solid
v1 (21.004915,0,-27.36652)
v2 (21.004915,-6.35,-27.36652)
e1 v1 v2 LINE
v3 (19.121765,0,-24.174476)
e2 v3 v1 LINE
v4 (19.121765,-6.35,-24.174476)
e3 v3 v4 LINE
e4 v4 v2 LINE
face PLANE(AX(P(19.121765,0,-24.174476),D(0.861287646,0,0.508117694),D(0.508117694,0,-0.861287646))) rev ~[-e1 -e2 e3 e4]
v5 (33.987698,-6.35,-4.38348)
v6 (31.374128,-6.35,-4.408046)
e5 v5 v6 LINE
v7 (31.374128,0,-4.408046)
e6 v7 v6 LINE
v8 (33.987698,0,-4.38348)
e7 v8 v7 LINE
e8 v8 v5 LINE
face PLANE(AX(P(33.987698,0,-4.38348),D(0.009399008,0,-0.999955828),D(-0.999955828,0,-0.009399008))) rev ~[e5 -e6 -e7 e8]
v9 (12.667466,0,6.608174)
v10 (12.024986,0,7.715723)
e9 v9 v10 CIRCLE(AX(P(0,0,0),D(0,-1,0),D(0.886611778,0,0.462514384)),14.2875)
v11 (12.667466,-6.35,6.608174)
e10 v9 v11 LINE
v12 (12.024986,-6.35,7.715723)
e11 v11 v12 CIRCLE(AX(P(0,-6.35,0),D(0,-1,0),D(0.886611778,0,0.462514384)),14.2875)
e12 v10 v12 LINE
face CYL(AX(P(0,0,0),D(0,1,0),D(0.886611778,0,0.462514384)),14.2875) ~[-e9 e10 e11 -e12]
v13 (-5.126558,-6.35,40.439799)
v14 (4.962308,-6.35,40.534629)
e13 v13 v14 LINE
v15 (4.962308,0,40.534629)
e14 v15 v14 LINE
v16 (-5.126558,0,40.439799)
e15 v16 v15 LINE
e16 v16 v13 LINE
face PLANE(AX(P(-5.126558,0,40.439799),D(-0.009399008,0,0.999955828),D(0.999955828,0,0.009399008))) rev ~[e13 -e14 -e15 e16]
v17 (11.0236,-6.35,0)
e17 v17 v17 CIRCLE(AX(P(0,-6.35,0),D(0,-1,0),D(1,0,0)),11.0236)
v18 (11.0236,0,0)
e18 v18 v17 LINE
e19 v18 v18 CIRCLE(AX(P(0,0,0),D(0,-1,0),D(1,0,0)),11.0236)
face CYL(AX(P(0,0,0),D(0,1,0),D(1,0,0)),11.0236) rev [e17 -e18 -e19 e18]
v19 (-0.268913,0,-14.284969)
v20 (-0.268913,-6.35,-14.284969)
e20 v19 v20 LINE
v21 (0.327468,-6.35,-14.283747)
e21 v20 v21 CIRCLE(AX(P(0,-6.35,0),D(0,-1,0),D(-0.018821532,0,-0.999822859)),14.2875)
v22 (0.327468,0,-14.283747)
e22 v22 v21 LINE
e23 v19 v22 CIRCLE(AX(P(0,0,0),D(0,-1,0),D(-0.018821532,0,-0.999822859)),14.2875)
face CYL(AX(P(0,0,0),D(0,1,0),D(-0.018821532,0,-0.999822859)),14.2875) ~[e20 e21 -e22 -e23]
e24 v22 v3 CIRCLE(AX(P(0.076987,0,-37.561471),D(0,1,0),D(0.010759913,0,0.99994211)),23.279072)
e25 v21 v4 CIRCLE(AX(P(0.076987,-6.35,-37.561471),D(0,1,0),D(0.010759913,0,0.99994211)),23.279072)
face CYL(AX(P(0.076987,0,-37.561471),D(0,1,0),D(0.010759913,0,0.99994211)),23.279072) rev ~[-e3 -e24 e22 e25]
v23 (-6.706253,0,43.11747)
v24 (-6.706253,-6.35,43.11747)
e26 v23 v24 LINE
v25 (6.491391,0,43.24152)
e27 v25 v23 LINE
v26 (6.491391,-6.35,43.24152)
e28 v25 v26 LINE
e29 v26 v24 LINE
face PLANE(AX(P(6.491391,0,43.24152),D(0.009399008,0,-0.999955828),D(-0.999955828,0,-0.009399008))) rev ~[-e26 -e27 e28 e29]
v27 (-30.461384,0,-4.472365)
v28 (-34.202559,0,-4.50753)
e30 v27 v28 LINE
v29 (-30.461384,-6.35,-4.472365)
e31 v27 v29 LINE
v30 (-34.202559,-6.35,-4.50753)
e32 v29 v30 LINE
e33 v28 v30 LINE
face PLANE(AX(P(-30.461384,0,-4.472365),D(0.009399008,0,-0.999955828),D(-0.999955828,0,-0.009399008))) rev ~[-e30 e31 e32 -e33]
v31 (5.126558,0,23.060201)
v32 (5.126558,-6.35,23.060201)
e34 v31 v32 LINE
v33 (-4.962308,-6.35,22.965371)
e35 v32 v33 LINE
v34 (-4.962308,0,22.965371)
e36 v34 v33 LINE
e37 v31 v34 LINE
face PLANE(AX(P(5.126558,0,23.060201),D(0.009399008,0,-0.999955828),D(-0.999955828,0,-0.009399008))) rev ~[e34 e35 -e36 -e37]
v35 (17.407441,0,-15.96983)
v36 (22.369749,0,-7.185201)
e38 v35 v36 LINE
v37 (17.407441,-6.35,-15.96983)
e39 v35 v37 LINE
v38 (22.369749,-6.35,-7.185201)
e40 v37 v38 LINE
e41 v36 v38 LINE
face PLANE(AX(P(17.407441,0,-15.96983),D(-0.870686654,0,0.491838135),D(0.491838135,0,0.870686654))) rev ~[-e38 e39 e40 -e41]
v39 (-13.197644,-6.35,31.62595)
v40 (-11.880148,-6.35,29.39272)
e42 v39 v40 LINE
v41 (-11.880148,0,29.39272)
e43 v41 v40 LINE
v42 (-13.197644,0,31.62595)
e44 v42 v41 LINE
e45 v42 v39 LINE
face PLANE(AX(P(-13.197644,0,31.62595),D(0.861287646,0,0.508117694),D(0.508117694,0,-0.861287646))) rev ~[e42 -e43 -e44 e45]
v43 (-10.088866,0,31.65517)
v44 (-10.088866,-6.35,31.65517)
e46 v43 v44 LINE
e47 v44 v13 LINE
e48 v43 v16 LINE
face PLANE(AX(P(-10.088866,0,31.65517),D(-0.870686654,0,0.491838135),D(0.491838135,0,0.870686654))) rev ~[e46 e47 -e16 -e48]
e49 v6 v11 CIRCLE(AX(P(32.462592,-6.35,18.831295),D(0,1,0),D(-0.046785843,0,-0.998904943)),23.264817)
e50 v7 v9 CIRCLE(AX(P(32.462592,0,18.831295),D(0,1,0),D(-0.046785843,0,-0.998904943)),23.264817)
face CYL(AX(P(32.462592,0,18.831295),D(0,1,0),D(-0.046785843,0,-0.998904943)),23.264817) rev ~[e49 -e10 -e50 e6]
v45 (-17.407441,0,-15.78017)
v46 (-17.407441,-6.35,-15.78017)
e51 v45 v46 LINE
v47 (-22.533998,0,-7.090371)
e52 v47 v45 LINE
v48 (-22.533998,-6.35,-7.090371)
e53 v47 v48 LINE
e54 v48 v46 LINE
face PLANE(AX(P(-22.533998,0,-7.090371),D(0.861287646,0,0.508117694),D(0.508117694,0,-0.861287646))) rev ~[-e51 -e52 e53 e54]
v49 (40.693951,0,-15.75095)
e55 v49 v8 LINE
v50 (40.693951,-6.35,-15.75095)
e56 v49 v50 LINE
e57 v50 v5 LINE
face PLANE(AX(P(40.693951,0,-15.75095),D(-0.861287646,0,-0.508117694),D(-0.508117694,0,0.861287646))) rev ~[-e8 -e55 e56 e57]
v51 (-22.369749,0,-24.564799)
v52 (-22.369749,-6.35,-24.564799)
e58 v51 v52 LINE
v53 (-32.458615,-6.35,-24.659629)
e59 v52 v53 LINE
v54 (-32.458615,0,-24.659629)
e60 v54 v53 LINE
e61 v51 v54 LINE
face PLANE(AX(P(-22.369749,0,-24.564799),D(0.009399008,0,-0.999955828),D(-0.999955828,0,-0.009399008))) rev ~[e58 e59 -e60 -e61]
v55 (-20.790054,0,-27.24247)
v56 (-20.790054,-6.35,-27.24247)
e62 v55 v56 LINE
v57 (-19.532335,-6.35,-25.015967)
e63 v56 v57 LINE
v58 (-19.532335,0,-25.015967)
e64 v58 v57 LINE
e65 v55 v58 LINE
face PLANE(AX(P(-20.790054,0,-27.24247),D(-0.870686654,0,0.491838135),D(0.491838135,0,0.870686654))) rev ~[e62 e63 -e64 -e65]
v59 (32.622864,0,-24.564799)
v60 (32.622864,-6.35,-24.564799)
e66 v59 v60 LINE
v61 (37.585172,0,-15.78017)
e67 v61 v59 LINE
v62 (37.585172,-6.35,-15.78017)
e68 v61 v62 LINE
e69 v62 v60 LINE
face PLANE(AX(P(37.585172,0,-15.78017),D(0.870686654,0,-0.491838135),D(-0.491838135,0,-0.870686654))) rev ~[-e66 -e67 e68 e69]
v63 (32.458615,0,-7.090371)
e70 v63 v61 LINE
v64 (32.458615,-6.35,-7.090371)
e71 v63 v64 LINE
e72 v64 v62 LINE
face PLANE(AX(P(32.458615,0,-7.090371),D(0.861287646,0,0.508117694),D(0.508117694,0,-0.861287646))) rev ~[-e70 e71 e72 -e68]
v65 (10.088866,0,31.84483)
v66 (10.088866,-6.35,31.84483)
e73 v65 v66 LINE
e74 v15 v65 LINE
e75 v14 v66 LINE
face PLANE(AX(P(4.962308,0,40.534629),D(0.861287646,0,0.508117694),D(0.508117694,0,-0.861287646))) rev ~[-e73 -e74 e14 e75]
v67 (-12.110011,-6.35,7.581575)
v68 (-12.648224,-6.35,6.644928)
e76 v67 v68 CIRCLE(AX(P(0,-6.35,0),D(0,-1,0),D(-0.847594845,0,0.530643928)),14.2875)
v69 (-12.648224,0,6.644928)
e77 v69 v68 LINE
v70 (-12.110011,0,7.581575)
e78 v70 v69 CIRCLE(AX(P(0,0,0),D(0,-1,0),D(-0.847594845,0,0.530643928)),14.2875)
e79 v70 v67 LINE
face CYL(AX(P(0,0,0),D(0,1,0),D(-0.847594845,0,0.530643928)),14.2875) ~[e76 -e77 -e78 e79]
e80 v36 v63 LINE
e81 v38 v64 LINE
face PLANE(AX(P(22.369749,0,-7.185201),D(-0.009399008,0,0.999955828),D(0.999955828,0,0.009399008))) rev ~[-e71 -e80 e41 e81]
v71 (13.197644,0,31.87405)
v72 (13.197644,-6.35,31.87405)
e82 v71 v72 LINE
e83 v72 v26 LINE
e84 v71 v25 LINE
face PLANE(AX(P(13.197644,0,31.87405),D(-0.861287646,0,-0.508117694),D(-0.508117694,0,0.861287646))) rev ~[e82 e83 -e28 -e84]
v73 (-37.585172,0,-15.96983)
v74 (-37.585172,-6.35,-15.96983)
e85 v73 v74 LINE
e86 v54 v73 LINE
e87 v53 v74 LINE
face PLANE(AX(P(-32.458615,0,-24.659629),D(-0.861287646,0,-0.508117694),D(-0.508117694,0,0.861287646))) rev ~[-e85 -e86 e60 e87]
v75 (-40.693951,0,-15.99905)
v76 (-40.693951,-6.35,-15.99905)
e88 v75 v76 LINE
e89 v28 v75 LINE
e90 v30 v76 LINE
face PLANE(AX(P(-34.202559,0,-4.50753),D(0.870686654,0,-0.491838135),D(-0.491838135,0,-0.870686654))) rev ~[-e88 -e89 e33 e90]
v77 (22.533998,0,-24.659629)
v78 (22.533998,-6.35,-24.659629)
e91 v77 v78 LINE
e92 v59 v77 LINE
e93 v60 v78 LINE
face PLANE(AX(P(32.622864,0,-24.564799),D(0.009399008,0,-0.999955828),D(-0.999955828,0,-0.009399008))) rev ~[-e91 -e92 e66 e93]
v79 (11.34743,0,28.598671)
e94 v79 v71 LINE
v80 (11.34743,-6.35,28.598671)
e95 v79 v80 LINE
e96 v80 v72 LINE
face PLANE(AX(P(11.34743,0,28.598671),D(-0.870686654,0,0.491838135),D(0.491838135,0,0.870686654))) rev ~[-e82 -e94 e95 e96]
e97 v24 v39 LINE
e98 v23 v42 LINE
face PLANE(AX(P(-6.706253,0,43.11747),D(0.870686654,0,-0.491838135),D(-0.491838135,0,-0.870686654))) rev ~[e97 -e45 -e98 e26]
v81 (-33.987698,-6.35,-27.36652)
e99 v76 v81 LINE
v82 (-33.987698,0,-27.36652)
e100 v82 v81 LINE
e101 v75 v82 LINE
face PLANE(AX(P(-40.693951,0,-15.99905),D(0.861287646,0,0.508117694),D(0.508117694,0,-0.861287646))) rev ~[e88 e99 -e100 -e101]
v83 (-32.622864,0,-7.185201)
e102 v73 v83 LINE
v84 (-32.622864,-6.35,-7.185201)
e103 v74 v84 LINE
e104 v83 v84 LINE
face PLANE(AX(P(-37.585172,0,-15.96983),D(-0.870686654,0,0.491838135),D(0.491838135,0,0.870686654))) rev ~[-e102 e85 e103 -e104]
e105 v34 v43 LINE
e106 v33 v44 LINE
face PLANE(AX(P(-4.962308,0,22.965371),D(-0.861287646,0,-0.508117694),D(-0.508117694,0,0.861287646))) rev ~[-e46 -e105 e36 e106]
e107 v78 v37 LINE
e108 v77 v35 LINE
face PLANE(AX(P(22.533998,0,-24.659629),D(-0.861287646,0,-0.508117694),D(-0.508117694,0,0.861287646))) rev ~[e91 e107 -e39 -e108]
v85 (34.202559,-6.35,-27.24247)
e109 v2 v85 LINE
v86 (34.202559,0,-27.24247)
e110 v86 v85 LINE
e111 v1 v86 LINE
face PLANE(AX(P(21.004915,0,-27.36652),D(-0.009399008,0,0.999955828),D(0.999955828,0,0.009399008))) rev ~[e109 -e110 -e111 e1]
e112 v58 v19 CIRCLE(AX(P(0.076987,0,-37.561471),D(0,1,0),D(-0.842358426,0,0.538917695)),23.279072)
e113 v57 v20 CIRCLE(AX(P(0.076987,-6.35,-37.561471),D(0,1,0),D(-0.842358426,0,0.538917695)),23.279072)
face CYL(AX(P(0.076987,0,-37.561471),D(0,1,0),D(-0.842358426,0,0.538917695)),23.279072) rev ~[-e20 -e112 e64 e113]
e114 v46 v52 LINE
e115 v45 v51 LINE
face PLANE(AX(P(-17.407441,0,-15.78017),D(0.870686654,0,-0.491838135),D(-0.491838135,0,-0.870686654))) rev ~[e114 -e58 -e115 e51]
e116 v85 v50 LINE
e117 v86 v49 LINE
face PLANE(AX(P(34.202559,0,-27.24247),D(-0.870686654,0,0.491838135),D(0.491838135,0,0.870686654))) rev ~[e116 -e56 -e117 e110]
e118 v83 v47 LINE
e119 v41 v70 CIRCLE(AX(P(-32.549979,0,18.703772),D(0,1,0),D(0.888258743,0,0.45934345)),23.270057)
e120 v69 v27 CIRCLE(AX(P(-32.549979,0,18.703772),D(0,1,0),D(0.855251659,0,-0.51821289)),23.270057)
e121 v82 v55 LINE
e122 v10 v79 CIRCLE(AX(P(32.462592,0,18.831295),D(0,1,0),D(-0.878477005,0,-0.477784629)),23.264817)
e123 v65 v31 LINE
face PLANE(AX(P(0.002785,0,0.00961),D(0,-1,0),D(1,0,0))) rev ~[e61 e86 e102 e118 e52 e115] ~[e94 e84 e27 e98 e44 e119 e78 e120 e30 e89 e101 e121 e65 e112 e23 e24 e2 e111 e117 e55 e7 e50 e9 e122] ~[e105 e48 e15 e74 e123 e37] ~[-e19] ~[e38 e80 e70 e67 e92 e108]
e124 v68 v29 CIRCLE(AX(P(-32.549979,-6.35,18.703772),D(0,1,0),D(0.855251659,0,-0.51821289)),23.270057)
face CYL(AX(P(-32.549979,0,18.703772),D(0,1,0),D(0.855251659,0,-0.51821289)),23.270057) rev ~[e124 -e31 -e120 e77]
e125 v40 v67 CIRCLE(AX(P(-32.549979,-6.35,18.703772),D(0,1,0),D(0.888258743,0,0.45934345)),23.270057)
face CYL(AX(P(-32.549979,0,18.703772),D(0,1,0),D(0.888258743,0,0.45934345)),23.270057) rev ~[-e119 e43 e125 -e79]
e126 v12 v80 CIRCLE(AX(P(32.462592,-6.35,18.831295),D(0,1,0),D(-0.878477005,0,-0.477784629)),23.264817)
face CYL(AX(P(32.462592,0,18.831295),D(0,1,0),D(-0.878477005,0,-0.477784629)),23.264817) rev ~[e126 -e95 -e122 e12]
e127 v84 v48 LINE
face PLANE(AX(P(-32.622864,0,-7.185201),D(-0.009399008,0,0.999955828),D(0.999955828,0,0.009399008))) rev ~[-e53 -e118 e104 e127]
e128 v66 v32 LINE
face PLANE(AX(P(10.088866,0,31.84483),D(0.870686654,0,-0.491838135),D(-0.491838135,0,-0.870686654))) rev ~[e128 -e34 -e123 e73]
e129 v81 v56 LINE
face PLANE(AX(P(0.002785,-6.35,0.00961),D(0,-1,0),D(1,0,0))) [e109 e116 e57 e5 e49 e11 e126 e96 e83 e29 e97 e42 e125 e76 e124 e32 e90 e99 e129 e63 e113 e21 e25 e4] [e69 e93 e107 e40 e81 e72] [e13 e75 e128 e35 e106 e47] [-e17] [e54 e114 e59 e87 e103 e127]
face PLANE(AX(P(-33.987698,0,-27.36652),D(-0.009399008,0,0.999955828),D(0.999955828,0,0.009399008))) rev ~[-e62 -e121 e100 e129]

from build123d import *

# Parameters (mm, degrees)
F0_R     = 11.0236
F1_DEPTH = 6.35


with BuildPart() as f1:
    # F0 (on Front) → F1 (new body)
    with BuildSketch(Plane.XZ):
        with BuildLine():
            ThreePointArc((0.3274680596, -14.2837467396), (10.2179096725, -9.9863395783), (14.2875, 0))
            ThreePointArc((14.2875, 0), (13.8765823163, 3.4019287867), (12.6674657785, 6.6081742563))
            ThreePointArc((12.6674657785, 6.6081742563), (12.3386048381, 7.157527699), (12.0249856082, 7.7157227382))
            ThreePointArc((12.0249856082, 7.7157227382), (-0.0794118424, 14.2872793075), (-12.1100113559, 7.581575114))
            ThreePointArc((-12.1100113559, 7.581575114), (-12.3736819292, 7.1101281538), (-12.6482244827, 6.6449284184))
            ThreePointArc((-12.6482244827, 6.6449284184), (-12.2974900055, -7.2735408032), (-0.2689126433, -14.2849691018))
            ThreePointArc((-0.2689126433, -14.2849691018), (0.0292737936, -14.2824480224), (0.3274680596, -14.2837467396))
        make_face()
        Circle(F0_R, mode=Mode.SUBTRACT)
        with BuildLine():
            ThreePointArc((12.6674657785, 6.6081742563), (13.8765823163, 3.4019287867), (14.2875, 0))
            ThreePointArc((14.2875, 0), (10.2179096725, -9.9863395783), (0.3274680596, -14.2837467396))
            ThreePointArc((0.3274680596, -14.2837467396), (10.9182683676, -16.9609416049), (19.1217645686, -24.1744756619))
            Line((19.1217645686, -24.1744756619), (14.2986624039, -15.99905024))
            Line((14.2986624039, -15.99905024), (20.7900538279, -4.5075300019))
            Line((20.7900538279, -4.5075300019), (31.3741279928, -4.4080458119))
            ThreePointArc((31.3741279928, -4.4080458119), (20.6570695125, -1.2156835719), (12.6674657785, 6.6081742563))
        make_face()
        with BuildLine():
            ThreePointArc((12.0249856082, 7.7157227382), (12.3386048381, 7.157527699), (12.6674657785, 6.6081742563))
            ThreePointArc((12.6674657785, 6.6081742563), (12.3586388725, 7.1691492849), (12.0249856082, 7.7157227382))
        make_face()
        with BuildLine():
            ThreePointArc((-0.2689126433, -14.2849691018), (0.0292840868, -14.2874699892), (0.3274680596, -14.2837467396))
            ThreePointArc((0.3274680596, -14.2837467396), (0.0292737936, -14.2824480224), (-0.2689126433, -14.2849691018))
        make_face()
        with BuildLine():
            ThreePointArc((-12.1100113559, 7.581575114), (-0.0794118424, 14.2872793075), (12.0249856082, 7.7157227382))
            ThreePointArc((12.0249856082, 7.7157227382), (9.2100112148, 18.0768557667), (11.3474304636, 28.5986710771))
            Line((11.3474304636, 28.5986710771), (6.7062527423, 20.3825300019))
            Line((6.7062527423, 20.3825300019), (-6.4913914239, 20.258479762))
            Line((-6.4913914239, 20.258479762), (-11.8801477461, 29.3927203242))
            ThreePointArc((-11.8801477461, 29.3927203242), (-9.2812144735, 18.4585467989), (-12.1100113559, 7.581575114))
        make_face()
        with BuildLine():
            ThreePointArc((33.9876979941, -4.383479762), (32.6812582501, -4.4324944701), (31.3741279928, -4.4080458119))
            Line((31.3741279928, -4.4080458119), (20.7900538279, -4.5075300019))
            Line((20.7900538279, -4.5075300019), (14.2986624039, -15.99905024))
            Line((14.2986624039, -15.99905024), (19.1217645686, -24.1744756619))
            ThreePointArc((19.1217645686, -24.1744756619), (20.1269642499, -25.7329626623), (21.0049151462, -27.366520238))
            Line((21.0049151462, -27.366520238), (34.2025593124, -27.2424699981))
            Line((34.2025593124, -27.2424699981), (40.6939507364, -15.75094976))
            Line((40.6939507364, -15.75094976), (33.9876979941, -4.383479762))
        make_face()
        Polygon((22.5339984594, -24.6596288042), (17.4074408075, -15.9698295168), (22.3697489183, -7.1852007126), (32.4586146809, -7.0903711958), (37.5851723328, -15.7801704832), (32.622864222, -24.5647992874), align=None, mode=Mode.SUBTRACT)
        with BuildLine():
            Line((33.9876979941, -4.383479762), (31.3741279928, -4.4080458119))
            ThreePointArc((31.3741279928, -4.4080458119), (32.6812582501, -4.4324944701), (33.9876979941, -4.383479762))
        make_face()
        with BuildLine():
            ThreePointArc((-19.5323350277, -25.0159672189), (-11.251794814, -17.2249549892), (-0.2689126433, -14.2849691018))
            ThreePointArc((-0.2689126433, -14.2849691018), (-12.2974900055, -7.2735408032), (-12.6482244827, 6.6449284184))
            ThreePointArc((-12.6482244827, 6.6449284184), (-20.2295725455, -1.03712802), (-30.4613844896, -4.4723651173))
            Line((-30.4613844896, -4.4723651173), (-21.0049151462, -4.383479762))
            Line((-21.0049151462, -4.383479762), (-14.2986624039, -15.75094976))
            Line((-14.2986624039, -15.75094976), (-19.5323350277, -25.0159672189))
        make_face()
        with BuildLine():
            ThreePointArc((21.0049151462, -27.366520238), (20.1269642499, -25.7329626623), (19.1217645686, -24.1744756619))
            Line((19.1217645686, -24.1744756619), (21.0049151462, -27.366520238))
        make_face()
        with BuildLine():
            ThreePointArc((-12.6482244827, 6.6449284184), (-12.3736819292, 7.1101281538), (-12.1100113559, 7.581575114))
            ThreePointArc((-12.1100113559, 7.581575114), (-12.3879734912, 7.1183403285), (-12.6482244827, 6.6449284184))
        make_face()
        with BuildLine():
            ThreePointArc((13.1976441662, 31.87405024), (12.2062266956, 30.2738185559), (11.3474304636, 28.5986710771))
            Line((11.3474304636, 28.5986710771), (13.1976441662, 31.87405024))
        make_face()
        with BuildLine():
            Line((6.7062527423, 20.3825300019), (11.3474304636, 28.5986710771))
            ThreePointArc((11.3474304636, 28.5986710771), (12.2062266956, 30.2738185559), (13.1976441662, 31.87405024))
            Line((13.1976441662, 31.87405024), (6.4913914239, 43.241520238))
            Line((6.4913914239, 43.241520238), (-6.7062527423, 43.1174699981))
            Line((-6.7062527423, 43.1174699981), (-13.1976441662, 31.62594976))
            ThreePointArc((-13.1976441662, 31.62594976), (-12.5077667223, 30.5276997715), (-11.8801477461, 29.3927203242))
            Line((-11.8801477461, 29.3927203242), (-6.4913914239, 20.258479762))
            Line((-6.4913914239, 20.258479762), (6.7062527423, 20.3825300019))
        make_face()
        Polygon((-4.9623081108, 22.9653711958), (-10.0888657626, 31.6551704832), (-5.1265576519, 40.4397992874), (4.9623081108, 40.5346288042), (10.0888657626, 31.8448295168), (5.1265576519, 23.0602007126), align=None, mode=Mode.SUBTRACT)
        with BuildLine():
            ThreePointArc((-20.7900538279, -27.2424699981), (-20.1917898783, -26.1119356867), (-19.5323350277, -25.0159672189))
            Line((-19.5323350277, -25.0159672189), (-14.2986624039, -15.75094976))
            Line((-14.2986624039, -15.75094976), (-21.0049151462, -4.383479762))
            Line((-21.0049151462, -4.383479762), (-30.4613844896, -4.4723651173))
            ThreePointArc((-30.4613844896, -4.4723651173), (-32.331264033, -4.5652572938), (-34.2025593124, -4.5075300019))
            Line((-34.2025593124, -4.5075300019), (-40.6939507364, -15.99905024))
            Line((-40.6939507364, -15.99905024), (-33.9876979941, -27.366520238))
            Line((-33.9876979941, -27.366520238), (-20.7900538279, -27.2424699981))
        make_face()
        Polygon((-32.622864222, -7.1852007126), (-22.5339984594, -7.0903711958), (-17.4074408075, -15.7801704832), (-22.3697489183, -24.5647992874), (-32.4586146809, -24.6596288042), (-37.5851723328, -15.9698295168), align=None, mode=Mode.SUBTRACT)
        with BuildLine():
            Line((-20.7900538279, -27.2424699981), (-19.5323350277, -25.0159672189))
            ThreePointArc((-19.5323350277, -25.0159672189), (-20.1917898783, -26.1119356867), (-20.7900538279, -27.2424699981))
        make_face()
        with BuildLine():
            Line((-13.1976441662, 31.62594976), (-11.8801477461, 29.3927203242))
            ThreePointArc((-11.8801477461, 29.3927203242), (-12.5077667223, 30.5276997715), (-13.1976441662, 31.62594976))
        make_face()
        with BuildLine():
            ThreePointArc((-34.2025593124, -4.5075300019), (-32.331264033, -4.5652572938), (-30.4613844896, -4.4723651173))
            Line((-30.4613844896, -4.4723651173), (-34.2025593124, -4.5075300019))
        make_face()
    extrude(amount=F1_DEPTH)


solid = f1.part
